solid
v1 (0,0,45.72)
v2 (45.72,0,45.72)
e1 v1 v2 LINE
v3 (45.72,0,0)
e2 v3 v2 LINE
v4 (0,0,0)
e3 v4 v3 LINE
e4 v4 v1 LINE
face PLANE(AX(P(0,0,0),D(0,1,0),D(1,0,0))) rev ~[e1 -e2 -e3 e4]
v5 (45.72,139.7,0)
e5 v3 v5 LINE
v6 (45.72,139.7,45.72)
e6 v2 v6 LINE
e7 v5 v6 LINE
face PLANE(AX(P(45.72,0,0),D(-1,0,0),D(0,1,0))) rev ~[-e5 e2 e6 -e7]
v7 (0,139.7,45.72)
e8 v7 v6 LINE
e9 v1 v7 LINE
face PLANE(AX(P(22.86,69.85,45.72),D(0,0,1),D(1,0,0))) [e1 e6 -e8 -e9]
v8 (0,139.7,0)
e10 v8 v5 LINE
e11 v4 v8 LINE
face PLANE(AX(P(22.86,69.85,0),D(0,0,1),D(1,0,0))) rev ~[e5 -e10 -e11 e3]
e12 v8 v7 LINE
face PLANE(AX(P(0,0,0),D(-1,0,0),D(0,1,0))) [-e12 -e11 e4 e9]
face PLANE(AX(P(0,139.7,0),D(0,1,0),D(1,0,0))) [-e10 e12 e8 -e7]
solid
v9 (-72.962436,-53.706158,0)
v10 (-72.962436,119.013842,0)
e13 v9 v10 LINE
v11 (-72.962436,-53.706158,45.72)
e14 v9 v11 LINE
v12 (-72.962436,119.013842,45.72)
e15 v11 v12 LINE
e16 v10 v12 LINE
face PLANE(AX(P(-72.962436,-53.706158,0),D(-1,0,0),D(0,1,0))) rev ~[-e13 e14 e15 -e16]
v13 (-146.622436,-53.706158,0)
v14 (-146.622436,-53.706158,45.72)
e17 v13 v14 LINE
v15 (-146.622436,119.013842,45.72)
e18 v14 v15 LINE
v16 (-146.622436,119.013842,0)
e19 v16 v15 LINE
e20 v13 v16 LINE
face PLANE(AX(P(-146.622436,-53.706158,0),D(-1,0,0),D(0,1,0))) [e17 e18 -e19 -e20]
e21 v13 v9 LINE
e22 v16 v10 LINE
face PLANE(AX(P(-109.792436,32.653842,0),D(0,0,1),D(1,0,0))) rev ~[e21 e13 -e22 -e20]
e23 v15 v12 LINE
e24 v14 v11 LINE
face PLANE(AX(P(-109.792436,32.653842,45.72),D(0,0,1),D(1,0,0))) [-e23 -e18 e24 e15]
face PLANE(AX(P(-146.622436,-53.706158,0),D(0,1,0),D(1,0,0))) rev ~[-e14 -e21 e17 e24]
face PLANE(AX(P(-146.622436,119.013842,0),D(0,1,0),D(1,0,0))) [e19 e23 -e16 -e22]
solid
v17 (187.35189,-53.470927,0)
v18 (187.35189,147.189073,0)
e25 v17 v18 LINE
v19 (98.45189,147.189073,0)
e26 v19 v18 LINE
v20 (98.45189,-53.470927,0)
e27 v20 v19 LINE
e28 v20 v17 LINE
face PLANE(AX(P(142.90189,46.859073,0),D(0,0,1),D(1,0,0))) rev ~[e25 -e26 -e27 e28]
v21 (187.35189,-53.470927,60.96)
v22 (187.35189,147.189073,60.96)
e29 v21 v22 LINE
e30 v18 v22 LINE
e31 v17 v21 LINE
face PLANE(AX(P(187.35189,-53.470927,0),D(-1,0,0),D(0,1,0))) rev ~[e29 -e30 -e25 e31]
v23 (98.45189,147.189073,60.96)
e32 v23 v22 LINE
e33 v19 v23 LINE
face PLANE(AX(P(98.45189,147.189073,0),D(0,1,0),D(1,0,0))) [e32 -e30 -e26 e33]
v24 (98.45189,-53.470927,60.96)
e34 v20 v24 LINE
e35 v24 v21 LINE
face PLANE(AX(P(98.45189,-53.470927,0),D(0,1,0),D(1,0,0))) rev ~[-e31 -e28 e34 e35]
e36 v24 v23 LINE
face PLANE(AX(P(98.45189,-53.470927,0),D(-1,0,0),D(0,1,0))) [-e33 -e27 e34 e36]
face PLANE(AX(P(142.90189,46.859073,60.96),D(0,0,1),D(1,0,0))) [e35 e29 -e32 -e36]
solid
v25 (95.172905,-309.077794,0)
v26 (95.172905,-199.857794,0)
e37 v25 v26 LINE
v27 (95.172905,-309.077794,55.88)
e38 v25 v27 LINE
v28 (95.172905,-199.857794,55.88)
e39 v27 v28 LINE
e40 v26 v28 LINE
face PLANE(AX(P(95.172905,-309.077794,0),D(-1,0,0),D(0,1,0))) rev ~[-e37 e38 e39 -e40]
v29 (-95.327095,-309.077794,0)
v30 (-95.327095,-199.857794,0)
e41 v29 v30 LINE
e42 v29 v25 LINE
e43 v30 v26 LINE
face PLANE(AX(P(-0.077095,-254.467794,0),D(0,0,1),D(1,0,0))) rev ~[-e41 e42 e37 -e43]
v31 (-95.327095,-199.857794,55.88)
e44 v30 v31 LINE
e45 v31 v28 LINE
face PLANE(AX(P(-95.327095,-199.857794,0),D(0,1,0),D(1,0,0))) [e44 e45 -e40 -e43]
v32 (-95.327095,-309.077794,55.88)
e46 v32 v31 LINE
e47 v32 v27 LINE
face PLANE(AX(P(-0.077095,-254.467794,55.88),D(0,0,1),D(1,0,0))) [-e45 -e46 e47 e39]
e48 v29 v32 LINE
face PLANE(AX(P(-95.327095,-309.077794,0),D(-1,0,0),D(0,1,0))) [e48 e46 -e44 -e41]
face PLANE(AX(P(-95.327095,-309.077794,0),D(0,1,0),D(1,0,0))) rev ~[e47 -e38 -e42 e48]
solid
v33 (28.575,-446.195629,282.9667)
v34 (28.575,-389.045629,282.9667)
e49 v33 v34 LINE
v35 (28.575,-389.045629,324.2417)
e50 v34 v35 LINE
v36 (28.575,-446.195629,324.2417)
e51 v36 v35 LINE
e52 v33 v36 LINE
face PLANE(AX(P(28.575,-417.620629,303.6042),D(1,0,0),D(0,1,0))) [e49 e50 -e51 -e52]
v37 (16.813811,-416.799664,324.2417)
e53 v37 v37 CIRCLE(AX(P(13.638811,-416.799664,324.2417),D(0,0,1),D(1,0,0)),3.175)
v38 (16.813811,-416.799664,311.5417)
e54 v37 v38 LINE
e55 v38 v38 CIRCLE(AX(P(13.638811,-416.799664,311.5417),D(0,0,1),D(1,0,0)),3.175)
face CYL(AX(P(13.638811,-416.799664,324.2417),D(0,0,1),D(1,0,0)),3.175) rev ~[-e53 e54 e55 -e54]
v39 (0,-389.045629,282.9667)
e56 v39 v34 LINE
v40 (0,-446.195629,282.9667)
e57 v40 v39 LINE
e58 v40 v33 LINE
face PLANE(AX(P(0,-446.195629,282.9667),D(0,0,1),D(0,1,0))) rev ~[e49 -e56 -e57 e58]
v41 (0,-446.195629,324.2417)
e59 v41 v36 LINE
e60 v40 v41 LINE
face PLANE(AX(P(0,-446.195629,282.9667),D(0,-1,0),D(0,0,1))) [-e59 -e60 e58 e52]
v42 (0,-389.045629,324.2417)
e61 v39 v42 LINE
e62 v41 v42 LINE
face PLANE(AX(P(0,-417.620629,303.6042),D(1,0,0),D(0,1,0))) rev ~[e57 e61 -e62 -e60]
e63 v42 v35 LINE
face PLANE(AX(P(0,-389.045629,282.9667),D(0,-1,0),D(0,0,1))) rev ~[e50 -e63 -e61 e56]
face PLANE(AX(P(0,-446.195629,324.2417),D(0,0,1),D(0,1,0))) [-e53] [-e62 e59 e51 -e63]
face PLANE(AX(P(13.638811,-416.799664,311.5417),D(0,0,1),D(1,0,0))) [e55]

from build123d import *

# Parameters (mm, degrees)
F0_W      = 45.72
F0_H      = 139.7
F1_DEPTH  = 45.72
F2_W      = 73.66
F2_H      = 172.72
F3_DEPTH  = 45.72
F4_W      = 88.9
F4_H      = 200.66
F5_DEPTH  = 60.96
F6_W      = 190.5
F6_H      = 109.22
F7_DEPTH  = 55.88
F8_W      = 57.15
F8_H      = 41.275
F9_DEPTH  = 28.575
F10_R     = 3.175
F11_DEPTH = 12.7


with BuildPart() as f1:
    # F0 (on Top) → F1 (new body)
    with BuildSketch(Plane.XY):
        with Locations((22.86, 69.85)):
            Rectangle(F0_W, F0_H)
    extrude(amount=F1_DEPTH)


with BuildPart() as f3:
    # F2 (on Top) → F3 (new body)
    with BuildSketch(Plane.XY):
        with Locations((-109.792436, 32.653842)):
            Rectangle(F2_W, F2_H)
    extrude(amount=F3_DEPTH)


with BuildPart() as f5:
    # F4 (on Top) → F5 (new body)
    with BuildSketch(Plane.XY):
        with Locations((142.90189, 46.859073)):
            Rectangle(F4_W, F4_H)
    extrude(amount=F5_DEPTH)


with BuildPart() as f7:
    # F6 (on Top) → F7 (new body)
    with BuildSketch(Plane.XY):
        with Locations((-0.077095, -254.467794)):
            Rectangle(F6_W, F6_H)
    extrude(amount=F7_DEPTH)


with BuildPart() as f9:
    # F8 (on Right) → F9 (new body)
    with BuildSketch(Plane.YZ):
        with Locations((-417.620629, 303.6042)):
            Rectangle(F8_W, F8_H)
    extrude(amount=F9_DEPTH)

    # F10 (on face) → F11 (cut)
    with BuildSketch(Plane.XY.offset(324.2417)):
        with Locations((13.638811, -416.799664)):
            Circle(F10_R)
    extrude(amount=-F11_DEPTH, mode=Mode.SUBTRACT)


solid = Compound([f1.part, f3.part, f5.part, f7.part, f9.part])
